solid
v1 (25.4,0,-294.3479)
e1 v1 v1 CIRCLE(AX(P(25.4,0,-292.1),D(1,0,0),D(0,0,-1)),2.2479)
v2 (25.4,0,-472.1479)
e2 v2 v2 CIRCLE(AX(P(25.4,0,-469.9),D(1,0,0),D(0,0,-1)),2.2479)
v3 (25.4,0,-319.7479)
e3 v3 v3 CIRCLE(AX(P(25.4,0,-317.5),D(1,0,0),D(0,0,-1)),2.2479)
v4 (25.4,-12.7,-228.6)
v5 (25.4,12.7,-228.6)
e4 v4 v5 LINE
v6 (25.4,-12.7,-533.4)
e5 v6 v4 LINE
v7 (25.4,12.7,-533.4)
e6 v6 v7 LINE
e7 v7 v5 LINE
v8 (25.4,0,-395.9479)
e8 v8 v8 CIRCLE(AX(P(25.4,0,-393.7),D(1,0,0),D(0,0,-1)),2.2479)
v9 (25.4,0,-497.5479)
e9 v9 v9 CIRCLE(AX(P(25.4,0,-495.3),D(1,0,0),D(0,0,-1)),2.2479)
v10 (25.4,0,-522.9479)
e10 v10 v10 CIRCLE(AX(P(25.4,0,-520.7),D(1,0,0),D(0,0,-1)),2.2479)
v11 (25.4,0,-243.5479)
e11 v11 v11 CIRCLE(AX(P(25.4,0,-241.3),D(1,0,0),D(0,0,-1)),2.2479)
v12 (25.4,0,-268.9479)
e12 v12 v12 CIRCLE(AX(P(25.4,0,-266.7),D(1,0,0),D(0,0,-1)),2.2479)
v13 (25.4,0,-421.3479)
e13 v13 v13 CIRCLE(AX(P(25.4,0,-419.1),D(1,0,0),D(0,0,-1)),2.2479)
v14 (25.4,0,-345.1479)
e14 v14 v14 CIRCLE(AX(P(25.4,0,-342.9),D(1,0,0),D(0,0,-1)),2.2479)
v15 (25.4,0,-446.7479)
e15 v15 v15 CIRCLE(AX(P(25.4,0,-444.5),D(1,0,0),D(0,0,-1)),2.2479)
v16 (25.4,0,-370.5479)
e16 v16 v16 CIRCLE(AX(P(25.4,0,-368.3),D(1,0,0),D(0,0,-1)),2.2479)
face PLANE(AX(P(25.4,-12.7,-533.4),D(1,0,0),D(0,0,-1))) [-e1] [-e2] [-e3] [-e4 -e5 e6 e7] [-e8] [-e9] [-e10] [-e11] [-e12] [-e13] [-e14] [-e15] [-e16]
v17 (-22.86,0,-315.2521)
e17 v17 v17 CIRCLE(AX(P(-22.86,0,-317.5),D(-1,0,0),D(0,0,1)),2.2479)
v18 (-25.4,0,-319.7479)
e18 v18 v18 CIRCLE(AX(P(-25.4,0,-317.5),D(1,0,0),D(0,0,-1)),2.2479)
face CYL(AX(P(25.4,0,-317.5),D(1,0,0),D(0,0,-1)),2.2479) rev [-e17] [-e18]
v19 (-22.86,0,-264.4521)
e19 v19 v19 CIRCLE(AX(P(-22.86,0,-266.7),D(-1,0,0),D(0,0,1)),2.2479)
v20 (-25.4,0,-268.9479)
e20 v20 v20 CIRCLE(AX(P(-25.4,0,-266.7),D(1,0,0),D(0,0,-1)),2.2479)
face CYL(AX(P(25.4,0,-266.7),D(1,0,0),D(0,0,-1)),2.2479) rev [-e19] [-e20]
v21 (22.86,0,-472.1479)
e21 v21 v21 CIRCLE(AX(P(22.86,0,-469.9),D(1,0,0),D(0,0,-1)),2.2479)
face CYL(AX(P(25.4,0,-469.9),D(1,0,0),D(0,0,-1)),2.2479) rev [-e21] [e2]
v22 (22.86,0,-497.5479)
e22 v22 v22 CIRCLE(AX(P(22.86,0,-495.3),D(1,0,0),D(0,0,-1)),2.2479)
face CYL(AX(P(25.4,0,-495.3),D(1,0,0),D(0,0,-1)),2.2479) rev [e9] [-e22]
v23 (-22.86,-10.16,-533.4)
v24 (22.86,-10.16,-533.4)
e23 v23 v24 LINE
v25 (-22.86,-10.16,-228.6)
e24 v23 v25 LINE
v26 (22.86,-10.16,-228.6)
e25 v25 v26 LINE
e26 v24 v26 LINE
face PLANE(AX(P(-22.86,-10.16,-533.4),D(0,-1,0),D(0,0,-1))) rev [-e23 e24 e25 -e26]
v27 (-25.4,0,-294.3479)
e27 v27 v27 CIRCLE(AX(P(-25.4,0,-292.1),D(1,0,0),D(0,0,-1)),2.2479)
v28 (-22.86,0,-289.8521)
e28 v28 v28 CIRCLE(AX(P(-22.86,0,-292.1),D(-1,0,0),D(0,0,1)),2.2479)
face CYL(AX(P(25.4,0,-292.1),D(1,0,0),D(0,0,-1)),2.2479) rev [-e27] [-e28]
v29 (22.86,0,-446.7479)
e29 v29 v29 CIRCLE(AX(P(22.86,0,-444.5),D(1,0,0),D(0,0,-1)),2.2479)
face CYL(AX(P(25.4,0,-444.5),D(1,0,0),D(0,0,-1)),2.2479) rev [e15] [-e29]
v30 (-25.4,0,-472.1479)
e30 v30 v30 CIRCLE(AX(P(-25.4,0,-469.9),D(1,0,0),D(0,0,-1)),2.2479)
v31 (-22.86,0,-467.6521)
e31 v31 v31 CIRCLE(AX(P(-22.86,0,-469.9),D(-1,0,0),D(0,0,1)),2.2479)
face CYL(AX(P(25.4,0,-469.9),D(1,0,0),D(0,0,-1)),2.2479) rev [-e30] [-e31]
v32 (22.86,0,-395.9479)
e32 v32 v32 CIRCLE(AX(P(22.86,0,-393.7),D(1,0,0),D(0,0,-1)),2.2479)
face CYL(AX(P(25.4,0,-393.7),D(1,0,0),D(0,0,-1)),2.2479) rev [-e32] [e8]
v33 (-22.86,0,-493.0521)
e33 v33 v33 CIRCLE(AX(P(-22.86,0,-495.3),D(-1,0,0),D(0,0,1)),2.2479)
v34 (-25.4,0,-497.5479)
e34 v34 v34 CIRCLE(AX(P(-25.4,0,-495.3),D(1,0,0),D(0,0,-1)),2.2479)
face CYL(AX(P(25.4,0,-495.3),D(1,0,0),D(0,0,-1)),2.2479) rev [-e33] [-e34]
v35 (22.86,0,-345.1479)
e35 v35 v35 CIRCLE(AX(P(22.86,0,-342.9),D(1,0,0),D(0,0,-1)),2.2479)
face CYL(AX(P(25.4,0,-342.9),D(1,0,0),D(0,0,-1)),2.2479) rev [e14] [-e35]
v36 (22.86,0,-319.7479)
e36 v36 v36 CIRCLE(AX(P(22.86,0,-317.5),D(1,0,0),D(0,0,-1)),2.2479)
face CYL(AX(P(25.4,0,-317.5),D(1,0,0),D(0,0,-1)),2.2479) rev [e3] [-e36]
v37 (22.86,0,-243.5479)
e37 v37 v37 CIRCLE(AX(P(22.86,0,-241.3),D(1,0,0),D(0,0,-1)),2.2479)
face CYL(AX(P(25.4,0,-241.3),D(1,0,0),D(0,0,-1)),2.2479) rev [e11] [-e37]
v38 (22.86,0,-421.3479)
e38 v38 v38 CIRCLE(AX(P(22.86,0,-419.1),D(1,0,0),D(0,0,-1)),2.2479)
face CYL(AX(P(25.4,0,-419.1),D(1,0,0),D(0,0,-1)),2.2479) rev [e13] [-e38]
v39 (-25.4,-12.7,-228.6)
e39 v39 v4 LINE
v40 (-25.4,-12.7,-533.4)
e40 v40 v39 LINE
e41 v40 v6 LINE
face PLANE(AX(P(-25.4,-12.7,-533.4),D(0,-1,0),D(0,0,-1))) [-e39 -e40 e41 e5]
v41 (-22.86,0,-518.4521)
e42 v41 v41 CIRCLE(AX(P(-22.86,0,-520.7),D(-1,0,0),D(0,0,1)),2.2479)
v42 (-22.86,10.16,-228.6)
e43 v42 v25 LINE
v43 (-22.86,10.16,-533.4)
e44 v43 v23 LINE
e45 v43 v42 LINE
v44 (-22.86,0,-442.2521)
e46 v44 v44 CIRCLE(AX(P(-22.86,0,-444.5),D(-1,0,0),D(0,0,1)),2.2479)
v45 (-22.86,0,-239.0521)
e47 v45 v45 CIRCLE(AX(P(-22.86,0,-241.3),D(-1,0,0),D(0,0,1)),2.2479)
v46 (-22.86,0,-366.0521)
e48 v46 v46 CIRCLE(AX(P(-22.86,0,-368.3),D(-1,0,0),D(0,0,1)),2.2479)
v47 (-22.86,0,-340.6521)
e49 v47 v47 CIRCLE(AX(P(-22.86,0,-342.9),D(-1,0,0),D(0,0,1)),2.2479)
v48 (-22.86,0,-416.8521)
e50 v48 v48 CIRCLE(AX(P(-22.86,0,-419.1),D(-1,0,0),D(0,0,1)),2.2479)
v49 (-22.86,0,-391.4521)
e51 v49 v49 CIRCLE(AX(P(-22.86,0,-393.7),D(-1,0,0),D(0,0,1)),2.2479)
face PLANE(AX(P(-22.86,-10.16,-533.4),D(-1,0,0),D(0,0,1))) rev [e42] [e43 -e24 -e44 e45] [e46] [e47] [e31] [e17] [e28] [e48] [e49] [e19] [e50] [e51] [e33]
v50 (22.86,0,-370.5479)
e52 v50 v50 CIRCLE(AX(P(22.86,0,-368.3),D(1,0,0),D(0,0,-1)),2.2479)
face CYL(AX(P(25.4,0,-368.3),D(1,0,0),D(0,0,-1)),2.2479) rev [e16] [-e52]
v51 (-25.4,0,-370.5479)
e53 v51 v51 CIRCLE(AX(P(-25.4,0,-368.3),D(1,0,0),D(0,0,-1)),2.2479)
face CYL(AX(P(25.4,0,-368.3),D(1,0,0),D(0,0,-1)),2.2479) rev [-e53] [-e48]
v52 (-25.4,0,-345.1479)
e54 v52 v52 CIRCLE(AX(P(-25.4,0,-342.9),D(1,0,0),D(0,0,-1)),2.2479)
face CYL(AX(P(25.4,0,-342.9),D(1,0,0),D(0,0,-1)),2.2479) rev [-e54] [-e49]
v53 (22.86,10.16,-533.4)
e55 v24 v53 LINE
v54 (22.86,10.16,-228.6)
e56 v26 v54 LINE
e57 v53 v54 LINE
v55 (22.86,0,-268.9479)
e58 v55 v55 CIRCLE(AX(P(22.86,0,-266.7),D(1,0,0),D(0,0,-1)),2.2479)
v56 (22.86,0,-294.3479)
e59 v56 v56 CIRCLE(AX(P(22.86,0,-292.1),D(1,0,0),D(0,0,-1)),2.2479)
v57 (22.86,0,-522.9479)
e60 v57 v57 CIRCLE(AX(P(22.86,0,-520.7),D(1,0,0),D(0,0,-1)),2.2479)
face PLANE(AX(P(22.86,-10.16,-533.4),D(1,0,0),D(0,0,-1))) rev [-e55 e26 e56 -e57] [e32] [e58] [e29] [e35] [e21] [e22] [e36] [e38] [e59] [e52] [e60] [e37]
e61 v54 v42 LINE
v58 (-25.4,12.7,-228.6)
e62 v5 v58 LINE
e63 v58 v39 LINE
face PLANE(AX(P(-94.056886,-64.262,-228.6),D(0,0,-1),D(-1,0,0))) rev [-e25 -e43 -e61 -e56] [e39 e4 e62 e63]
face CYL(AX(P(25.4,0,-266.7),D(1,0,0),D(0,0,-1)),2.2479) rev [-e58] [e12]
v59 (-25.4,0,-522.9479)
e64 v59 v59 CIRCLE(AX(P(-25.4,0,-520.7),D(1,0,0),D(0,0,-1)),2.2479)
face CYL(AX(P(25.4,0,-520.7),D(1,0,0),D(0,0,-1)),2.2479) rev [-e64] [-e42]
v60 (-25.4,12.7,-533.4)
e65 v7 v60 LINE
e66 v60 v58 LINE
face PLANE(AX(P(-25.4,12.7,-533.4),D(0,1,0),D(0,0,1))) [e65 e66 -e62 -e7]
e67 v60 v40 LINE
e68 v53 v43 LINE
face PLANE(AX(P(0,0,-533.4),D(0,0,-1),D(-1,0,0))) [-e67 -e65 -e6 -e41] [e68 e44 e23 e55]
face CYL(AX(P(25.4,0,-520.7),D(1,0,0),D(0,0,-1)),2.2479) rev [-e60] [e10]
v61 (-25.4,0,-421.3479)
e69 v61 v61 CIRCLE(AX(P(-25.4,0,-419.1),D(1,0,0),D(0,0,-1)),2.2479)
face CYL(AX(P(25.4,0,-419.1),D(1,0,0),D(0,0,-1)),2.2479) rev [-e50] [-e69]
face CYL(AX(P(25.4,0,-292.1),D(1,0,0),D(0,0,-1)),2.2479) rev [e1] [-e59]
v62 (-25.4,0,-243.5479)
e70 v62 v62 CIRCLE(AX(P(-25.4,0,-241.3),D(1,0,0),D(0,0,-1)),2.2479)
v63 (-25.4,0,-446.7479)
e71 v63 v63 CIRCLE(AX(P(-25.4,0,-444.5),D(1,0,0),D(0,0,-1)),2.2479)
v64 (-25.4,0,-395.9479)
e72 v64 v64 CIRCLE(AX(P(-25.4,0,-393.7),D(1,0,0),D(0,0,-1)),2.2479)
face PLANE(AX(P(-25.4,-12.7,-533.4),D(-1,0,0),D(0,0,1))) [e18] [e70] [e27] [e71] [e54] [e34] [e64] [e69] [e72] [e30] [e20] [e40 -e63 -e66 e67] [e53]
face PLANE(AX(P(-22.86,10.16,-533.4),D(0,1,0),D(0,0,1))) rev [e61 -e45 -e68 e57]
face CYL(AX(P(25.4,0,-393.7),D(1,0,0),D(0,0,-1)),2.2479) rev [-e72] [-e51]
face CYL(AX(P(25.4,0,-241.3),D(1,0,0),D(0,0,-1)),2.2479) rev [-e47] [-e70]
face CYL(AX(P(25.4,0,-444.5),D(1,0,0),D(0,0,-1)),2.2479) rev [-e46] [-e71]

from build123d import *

# Parameters (mm, degrees)
SKETCH1_W             = 50.8
SKETCH1_H             = 25.4
SKETCH1_W_2           = 45.72
SKETCH1_H_2           = 20.32
BOSS_EXTRUDE1_DEPTH   = 533.4
F_8_CLEARANCE_HOLE1_D = 4.4958
CUT_EXTRUDE2_DEPTH    = 76.962


with BuildPart() as part:
    # Sketch1 → Boss-Extrude1 (new body)
    with BuildSketch(Plane.XY):
        Rectangle(SKETCH1_W, SKETCH1_H)
        Rectangle(SKETCH1_W_2, SKETCH1_H_2, mode=Mode.SUBTRACT)
    extrude(amount=-BOSS_EXTRUDE1_DEPTH)

    # #8 Clearance Hole1 (through all)
    with Locations(Plane(origin=(25.4, 0, 0), x_dir=(0, 0, -1), z_dir=(1, 0, 0))):
        with Locations((12.7, 0), (38.1, 0), (63.5, 0), (88.9, 0), (114.3, 0), (139.7, 0), (165.1, 0), (190.5, 0), (215.9, 0), (241.3, 0), (266.7, 0), (292.1, 0), (317.5, 0), (342.9, 0), (368.3, 0), (393.7, 0), (419.1, 0), (444.5, 0), (469.9, 0), (495.3, 0), (520.7, 0)):
            Hole(F_8_CLEARANCE_HOLE1_D / 2)

    # Sketch4 → Cut-Extrude2 (cut)
    with BuildSketch(Plane(origin=(0, 12.7, 0), x_dir=(1, 0, 0), z_dir=(0, 1, 0))):
        Polygon((-7.206301081, 228.6), (135.513081356, 228.6), (135.513081356, -17.641370014), (-94.056886123, -17.641370014), (-94.056886123, 228.6), align=None)
    extrude(amount=-CUT_EXTRUDE2_DEPTH, mode=Mode.SUBTRACT)


solid = part.part
